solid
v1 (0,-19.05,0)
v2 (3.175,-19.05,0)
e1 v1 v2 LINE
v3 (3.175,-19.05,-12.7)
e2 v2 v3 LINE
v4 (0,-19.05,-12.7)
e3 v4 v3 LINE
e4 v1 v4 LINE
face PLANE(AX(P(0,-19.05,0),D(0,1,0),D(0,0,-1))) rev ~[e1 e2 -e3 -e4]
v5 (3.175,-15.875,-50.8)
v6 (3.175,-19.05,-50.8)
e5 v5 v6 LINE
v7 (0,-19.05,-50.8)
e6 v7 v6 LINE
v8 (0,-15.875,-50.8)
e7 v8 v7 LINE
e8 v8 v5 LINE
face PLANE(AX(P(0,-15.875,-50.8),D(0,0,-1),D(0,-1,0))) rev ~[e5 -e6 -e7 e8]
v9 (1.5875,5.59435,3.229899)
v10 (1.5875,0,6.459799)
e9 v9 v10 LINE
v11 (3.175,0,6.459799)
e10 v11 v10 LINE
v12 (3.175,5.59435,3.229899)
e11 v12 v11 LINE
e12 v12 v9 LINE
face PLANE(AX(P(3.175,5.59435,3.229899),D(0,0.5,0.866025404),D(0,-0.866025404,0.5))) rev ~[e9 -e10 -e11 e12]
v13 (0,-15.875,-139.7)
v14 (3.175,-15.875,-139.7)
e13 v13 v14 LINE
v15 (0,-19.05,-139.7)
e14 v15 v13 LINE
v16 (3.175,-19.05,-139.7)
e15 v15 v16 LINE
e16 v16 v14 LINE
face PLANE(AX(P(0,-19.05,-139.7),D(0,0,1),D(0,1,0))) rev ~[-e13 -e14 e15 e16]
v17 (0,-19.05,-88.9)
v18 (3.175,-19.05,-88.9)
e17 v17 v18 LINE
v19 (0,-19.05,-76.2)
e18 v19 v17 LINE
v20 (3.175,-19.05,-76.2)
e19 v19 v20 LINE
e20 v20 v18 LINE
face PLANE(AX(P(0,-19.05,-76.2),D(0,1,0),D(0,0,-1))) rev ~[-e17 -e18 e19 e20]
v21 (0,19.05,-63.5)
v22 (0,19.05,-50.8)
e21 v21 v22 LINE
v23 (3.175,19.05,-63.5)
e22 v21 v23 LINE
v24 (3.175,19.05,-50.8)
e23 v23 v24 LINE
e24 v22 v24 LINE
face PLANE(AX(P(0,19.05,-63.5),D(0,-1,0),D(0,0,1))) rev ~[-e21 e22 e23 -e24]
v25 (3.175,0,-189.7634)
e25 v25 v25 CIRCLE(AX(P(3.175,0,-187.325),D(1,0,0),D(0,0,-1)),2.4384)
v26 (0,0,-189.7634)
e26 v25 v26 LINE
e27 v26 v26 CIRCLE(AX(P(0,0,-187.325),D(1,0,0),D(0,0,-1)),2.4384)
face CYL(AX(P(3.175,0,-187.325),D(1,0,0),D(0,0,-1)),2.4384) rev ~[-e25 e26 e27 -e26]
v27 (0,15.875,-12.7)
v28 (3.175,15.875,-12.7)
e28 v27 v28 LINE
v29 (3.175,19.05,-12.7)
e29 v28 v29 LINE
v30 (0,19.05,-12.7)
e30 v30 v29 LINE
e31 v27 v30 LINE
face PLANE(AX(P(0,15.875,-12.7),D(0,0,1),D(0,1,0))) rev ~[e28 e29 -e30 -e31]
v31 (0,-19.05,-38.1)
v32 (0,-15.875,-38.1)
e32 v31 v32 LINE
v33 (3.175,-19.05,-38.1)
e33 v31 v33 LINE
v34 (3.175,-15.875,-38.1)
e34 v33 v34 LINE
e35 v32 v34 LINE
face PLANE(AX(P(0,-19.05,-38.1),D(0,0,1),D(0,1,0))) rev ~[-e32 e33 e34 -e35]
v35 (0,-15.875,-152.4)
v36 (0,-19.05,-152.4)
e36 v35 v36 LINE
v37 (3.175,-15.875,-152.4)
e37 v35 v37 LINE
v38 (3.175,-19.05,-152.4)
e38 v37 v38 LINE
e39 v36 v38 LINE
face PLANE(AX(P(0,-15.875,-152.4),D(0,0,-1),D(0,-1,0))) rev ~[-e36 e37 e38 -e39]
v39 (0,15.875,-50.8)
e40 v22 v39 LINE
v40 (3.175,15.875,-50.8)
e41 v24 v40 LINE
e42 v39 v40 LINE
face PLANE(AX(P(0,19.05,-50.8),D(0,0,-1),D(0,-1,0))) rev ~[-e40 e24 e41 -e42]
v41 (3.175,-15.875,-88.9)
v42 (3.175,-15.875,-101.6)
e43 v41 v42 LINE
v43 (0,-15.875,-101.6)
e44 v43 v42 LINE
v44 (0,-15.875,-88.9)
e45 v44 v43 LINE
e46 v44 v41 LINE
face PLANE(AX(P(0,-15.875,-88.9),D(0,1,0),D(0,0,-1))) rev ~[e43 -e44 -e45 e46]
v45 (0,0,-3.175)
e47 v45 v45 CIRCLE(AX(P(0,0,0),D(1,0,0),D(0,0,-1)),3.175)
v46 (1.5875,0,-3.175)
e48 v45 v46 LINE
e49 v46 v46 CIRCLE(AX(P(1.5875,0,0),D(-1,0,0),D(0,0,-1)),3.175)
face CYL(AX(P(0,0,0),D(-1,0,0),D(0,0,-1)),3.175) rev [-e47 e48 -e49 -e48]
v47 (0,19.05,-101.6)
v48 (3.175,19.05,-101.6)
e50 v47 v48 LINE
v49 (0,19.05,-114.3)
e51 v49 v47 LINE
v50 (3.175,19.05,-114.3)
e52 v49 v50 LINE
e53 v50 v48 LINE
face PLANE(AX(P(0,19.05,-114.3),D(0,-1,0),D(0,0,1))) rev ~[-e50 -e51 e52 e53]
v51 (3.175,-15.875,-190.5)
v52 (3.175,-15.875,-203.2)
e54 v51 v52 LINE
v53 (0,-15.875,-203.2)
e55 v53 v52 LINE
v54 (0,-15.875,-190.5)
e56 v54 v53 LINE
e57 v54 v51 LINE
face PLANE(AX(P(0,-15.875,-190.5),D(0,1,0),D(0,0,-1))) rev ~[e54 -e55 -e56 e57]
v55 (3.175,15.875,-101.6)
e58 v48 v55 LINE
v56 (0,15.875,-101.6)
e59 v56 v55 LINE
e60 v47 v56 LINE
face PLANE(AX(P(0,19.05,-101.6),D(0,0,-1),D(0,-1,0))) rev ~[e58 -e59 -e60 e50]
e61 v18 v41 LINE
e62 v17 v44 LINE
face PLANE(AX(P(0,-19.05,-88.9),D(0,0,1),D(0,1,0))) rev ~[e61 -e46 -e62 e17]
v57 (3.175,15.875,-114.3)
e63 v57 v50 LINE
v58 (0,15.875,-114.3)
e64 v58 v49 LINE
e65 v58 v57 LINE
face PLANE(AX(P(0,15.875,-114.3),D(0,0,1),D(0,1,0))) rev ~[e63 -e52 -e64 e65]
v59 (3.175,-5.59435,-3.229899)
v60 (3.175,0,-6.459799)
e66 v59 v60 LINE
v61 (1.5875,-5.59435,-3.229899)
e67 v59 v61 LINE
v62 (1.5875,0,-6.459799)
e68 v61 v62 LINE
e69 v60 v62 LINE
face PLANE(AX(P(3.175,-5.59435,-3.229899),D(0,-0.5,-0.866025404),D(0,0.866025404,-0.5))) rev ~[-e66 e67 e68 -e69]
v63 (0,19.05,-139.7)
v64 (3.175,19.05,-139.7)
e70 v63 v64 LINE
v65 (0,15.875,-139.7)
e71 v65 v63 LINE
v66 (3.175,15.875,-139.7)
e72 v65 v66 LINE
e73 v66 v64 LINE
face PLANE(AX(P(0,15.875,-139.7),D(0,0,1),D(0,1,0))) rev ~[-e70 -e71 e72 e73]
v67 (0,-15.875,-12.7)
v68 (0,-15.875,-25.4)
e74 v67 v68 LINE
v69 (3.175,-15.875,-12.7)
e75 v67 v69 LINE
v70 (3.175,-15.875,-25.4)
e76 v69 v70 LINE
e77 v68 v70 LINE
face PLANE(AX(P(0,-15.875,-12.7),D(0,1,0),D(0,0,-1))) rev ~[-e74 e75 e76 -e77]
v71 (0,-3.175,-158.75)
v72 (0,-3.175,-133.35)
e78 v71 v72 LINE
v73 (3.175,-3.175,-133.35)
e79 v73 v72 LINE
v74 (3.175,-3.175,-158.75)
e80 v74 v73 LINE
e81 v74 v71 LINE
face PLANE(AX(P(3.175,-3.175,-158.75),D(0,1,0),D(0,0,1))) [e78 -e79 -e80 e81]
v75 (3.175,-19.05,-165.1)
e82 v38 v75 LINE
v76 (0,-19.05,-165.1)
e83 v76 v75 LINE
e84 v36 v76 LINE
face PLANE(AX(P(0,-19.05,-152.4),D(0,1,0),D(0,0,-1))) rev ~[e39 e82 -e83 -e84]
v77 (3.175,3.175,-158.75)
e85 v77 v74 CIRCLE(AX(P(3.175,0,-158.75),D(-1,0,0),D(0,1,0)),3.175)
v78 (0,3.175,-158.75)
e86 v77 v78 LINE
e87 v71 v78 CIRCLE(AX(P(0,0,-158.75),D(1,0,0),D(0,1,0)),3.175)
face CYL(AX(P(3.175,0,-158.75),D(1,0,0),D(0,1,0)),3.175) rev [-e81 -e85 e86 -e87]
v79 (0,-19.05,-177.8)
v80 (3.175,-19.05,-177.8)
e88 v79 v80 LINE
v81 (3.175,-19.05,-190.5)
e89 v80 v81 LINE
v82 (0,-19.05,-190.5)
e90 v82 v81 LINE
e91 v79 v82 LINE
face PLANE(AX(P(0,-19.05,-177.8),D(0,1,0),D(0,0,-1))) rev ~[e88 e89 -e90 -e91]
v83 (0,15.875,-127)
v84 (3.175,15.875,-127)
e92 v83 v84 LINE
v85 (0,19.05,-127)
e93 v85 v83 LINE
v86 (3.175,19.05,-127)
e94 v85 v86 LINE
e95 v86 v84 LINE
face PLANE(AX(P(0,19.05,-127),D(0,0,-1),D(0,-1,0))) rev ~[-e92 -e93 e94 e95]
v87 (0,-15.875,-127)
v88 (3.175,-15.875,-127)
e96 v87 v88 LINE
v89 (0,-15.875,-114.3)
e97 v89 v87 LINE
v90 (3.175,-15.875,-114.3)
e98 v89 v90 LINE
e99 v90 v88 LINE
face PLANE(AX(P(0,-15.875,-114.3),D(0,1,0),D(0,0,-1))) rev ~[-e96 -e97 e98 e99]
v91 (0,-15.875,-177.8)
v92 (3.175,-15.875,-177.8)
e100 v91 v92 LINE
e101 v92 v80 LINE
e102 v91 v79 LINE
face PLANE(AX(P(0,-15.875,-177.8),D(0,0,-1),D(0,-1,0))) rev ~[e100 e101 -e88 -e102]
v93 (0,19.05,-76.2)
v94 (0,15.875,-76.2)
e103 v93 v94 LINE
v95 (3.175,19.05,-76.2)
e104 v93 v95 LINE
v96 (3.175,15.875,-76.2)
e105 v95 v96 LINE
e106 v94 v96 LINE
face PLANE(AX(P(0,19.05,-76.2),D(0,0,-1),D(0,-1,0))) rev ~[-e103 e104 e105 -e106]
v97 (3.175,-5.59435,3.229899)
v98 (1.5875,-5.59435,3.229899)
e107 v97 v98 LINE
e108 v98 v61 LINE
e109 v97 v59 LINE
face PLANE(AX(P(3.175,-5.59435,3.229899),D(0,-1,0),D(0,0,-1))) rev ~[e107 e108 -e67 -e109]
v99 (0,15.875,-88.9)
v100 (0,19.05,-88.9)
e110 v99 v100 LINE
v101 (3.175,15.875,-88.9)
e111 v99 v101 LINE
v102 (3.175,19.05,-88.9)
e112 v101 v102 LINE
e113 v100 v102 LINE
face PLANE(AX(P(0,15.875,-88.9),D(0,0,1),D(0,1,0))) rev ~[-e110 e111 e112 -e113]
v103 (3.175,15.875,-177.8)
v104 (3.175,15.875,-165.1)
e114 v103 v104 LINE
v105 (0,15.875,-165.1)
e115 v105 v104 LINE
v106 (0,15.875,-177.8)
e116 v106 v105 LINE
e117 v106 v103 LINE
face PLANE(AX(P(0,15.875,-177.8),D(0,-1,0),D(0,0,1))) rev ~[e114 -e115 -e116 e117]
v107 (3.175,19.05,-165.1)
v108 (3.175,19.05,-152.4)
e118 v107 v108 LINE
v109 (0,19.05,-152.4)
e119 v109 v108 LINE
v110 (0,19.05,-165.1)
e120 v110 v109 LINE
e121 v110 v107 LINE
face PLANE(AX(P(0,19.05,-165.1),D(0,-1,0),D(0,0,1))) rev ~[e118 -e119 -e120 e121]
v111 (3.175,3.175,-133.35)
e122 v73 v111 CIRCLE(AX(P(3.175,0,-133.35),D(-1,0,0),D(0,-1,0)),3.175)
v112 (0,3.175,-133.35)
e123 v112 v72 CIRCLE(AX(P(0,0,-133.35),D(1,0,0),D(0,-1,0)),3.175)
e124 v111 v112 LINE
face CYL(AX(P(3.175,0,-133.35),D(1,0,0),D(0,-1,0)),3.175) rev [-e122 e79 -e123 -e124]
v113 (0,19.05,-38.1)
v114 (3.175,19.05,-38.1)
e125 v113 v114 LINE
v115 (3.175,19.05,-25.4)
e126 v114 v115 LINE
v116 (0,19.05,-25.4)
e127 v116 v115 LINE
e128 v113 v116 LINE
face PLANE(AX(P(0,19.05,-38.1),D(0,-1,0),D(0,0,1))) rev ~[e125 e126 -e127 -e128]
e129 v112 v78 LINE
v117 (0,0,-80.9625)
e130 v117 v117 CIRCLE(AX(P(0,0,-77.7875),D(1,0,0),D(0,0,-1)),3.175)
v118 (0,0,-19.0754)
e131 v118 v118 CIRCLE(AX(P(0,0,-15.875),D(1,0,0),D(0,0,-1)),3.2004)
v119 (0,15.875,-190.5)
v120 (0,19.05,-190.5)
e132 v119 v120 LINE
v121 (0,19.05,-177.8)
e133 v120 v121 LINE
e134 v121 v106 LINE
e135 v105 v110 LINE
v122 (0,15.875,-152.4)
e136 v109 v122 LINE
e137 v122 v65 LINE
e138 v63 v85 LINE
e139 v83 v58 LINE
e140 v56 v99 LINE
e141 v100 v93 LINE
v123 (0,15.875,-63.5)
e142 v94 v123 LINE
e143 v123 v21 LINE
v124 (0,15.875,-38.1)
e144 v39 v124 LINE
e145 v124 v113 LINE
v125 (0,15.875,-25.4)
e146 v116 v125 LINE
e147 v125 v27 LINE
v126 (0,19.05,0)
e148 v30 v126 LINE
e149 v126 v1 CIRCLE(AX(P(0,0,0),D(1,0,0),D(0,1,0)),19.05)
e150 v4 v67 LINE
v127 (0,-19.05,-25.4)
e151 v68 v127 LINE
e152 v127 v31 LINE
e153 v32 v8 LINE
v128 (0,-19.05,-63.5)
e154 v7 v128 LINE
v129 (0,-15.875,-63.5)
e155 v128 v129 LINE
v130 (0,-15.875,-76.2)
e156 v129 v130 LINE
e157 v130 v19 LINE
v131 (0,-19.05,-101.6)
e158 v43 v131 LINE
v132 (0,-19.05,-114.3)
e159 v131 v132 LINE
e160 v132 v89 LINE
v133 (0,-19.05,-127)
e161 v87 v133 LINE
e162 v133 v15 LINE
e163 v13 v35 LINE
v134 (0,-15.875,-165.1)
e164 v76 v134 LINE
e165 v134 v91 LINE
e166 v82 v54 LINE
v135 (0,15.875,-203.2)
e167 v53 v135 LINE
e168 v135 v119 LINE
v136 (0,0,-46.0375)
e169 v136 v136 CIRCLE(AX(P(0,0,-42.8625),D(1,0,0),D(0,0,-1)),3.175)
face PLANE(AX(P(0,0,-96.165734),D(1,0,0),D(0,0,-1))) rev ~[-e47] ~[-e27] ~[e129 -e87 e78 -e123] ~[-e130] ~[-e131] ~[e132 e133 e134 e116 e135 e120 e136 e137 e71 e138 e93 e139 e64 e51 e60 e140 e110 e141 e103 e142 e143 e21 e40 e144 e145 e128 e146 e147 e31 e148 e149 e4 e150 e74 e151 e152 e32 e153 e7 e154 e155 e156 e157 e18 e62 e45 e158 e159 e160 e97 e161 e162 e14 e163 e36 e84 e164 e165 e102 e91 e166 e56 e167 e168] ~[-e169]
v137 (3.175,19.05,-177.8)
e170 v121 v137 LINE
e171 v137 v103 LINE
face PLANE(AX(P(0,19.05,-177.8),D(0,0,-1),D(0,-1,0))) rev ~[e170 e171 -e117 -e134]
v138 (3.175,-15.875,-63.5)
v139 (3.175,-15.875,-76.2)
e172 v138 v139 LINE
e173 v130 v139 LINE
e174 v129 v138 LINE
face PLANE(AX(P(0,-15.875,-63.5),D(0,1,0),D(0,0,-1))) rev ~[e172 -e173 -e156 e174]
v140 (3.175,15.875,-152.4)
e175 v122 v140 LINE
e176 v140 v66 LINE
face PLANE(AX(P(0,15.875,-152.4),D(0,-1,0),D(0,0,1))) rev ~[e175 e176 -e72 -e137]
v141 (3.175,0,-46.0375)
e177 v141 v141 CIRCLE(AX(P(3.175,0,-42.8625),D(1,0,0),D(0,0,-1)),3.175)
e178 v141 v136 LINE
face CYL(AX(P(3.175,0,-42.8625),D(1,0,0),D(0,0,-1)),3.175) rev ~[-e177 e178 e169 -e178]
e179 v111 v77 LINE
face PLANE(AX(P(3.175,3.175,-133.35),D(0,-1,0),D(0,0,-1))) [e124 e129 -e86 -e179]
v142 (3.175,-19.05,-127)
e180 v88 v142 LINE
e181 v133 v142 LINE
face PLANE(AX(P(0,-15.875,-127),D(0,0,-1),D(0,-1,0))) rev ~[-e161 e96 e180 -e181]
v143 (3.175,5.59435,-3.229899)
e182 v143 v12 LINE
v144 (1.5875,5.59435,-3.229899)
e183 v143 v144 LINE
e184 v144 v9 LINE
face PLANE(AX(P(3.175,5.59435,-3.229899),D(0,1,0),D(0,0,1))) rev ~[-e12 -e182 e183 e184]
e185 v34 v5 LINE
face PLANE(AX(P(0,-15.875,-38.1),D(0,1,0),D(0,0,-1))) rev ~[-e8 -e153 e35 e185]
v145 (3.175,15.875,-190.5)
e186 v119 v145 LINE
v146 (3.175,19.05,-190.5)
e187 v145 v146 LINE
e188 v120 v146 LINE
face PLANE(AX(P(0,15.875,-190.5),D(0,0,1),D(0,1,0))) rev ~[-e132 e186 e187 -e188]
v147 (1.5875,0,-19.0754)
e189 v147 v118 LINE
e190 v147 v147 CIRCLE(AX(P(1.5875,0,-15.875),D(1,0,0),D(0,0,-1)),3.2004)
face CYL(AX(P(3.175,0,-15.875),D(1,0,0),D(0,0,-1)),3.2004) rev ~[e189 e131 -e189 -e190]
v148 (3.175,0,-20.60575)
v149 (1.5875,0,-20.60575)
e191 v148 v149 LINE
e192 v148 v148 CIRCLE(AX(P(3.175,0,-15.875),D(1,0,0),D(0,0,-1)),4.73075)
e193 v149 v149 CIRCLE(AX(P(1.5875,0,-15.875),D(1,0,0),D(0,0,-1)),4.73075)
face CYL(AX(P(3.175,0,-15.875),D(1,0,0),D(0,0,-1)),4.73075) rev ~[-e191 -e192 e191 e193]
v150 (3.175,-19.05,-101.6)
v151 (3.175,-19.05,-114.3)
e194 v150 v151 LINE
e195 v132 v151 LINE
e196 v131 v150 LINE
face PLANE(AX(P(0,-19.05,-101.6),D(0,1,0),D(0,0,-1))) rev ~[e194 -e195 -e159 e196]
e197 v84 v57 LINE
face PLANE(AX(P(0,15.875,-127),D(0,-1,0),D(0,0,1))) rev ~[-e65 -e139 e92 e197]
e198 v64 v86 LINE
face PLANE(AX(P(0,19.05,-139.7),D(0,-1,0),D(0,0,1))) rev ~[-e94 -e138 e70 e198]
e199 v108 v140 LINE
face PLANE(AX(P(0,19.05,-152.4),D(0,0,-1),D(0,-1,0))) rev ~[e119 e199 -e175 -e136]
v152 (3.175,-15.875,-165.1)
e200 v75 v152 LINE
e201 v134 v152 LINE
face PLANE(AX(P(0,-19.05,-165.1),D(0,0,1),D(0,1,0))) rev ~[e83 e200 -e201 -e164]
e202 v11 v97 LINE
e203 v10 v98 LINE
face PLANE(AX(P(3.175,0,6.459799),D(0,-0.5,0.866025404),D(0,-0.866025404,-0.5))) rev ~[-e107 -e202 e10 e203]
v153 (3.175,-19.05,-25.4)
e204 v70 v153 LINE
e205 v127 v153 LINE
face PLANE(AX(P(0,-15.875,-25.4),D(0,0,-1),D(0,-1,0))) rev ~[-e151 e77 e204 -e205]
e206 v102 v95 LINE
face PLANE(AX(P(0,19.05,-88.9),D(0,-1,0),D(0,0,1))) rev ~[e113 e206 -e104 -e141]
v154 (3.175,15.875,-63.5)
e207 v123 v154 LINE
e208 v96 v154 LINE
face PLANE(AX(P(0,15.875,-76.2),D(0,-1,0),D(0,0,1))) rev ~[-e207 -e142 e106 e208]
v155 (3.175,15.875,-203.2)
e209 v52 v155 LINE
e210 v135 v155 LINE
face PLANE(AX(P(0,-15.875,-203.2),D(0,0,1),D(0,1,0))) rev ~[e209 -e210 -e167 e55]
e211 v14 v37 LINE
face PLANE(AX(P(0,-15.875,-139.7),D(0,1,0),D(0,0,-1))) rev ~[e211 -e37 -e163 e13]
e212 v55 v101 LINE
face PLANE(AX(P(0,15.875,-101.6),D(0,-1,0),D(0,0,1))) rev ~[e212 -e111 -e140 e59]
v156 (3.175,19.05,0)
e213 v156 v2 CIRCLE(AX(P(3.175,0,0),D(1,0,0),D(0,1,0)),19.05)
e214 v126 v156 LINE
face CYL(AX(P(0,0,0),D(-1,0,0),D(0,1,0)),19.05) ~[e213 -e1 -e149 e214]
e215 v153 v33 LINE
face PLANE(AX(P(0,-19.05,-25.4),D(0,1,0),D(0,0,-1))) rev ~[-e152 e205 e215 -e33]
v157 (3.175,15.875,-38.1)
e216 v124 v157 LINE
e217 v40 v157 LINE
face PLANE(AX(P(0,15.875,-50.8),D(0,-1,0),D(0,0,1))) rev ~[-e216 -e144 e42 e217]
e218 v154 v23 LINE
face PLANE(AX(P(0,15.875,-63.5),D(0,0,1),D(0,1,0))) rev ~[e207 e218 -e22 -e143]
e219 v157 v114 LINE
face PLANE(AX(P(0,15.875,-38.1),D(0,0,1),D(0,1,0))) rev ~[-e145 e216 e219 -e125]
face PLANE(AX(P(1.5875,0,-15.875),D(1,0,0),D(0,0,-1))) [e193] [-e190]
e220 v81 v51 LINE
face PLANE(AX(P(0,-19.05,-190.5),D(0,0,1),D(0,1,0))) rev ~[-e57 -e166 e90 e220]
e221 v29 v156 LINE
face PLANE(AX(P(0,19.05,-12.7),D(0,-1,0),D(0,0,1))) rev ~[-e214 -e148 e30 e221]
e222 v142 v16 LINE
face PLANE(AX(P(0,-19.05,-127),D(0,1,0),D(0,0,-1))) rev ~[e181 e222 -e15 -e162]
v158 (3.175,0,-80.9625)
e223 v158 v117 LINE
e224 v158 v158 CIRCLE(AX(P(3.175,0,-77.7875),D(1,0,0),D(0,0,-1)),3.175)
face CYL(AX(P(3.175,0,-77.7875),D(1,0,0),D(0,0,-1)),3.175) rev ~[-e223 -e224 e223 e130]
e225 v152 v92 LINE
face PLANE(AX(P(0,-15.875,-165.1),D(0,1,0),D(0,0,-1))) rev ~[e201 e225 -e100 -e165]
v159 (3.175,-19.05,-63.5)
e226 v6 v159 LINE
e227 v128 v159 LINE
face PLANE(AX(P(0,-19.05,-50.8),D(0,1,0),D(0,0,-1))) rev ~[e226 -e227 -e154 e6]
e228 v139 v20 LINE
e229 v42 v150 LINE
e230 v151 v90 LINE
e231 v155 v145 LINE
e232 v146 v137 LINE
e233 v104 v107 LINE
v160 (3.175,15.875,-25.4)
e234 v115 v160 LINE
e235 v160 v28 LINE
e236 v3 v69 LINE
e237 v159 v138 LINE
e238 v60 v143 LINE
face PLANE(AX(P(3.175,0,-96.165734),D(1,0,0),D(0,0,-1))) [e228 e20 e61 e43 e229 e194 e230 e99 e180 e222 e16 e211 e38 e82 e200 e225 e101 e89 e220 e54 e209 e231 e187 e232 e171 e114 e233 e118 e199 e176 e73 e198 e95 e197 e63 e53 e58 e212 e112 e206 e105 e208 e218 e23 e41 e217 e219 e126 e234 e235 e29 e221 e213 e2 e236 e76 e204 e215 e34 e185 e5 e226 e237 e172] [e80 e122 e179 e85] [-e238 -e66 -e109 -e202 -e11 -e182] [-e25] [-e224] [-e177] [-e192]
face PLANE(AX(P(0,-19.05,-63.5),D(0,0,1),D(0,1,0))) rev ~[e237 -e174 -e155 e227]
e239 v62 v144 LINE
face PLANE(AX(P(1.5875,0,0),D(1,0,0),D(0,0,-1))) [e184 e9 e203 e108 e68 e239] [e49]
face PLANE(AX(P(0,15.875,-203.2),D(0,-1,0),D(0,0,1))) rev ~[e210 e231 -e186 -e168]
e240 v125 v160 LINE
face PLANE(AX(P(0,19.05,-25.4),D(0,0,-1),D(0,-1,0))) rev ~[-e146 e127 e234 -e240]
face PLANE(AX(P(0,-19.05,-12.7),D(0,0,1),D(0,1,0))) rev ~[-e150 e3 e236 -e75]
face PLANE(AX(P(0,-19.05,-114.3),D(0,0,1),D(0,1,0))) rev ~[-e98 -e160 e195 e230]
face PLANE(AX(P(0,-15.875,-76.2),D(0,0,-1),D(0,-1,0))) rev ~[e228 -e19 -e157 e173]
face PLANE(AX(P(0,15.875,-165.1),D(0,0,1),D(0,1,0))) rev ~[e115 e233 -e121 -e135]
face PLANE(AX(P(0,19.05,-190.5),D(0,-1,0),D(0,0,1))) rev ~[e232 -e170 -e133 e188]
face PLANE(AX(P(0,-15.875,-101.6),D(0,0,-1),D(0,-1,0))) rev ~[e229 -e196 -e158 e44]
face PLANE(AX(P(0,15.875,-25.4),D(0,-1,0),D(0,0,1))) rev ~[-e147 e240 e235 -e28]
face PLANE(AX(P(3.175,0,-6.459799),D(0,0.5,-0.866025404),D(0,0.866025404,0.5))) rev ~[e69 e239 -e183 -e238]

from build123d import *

# Parameters (mm, degrees)
SKETCH1_R           = 3.175
BOSS_EXTRUDE1_DEPTH = 3.175
SKETCH2_R           = 3.2004
SKETCH2_R_2         = 2.4384
SKETCH2_R_3         = 3.175
CUT_EXTRUDE2_DEPTH  = 205.115710138
SKETCH3_R           = 4.73075
CUT_EXTRUDE3_DEPTH  = 1.5875
CUT_EXTRUDE4_DEPTH  = 205.115710138


with BuildPart() as part:
    # Sketch1 → Boss-Extrude1 (new body)
    with BuildSketch(Plane(origin=(0, 0, 0), x_dir=(0, 0, -1), z_dir=(1, 0, 0))):
        with BuildLine():
            Line((12.7, 19.05), (0, 19.05))
            ThreePointArc((0, 19.05), (-19.05, 0), (0, -19.05))
            Line((0, -19.05), (12.7, -19.05))
            Line((12.7, -19.05), (12.7, -15.875))
            Line((12.7, -15.875), (25.4, -15.875))
            Line((25.4, -15.875), (25.4, -19.05))
            Line((25.4, -19.05), (38.1, -19.05))
            Line((38.1, -19.05), (38.1, -15.875))
            Line((38.1, -15.875), (50.8, -15.875))
            Line((50.8, -15.875), (50.8, -19.05))
            Line((50.8, -19.05), (63.5, -19.05))
            Line((63.5, -19.05), (63.5, -15.875))
            Line((63.5, -15.875), (76.2, -15.875))
            Line((76.2, -15.875), (76.2, -19.05))
            Line((76.2, -19.05), (88.9, -19.05))
            Line((88.9, -19.05), (88.9, -15.875))
            Line((88.9, -15.875), (101.6, -15.875))
            Line((101.6, -15.875), (101.6, -19.05))
            Line((101.6, -19.05), (114.3, -19.05))
            Line((114.3, -19.05), (114.3, -15.875))
            Line((114.3, -15.875), (127, -15.875))
            Line((127, -15.875), (127, -19.05))
            Line((127, -19.05), (139.7, -19.05))
            Line((139.7, -19.05), (139.7, -15.875))
            Line((139.7, -15.875), (152.4, -15.875))
            Line((152.4, -15.875), (152.4, -19.05))
            Line((152.4, -19.05), (165.1, -19.05))
            Line((165.1, -19.05), (165.1, -15.875))
            Line((165.1, -15.875), (177.8, -15.875))
            Line((177.8, -15.875), (177.8, -19.05))
            Line((177.8, -19.05), (190.5, -19.05))
            Line((190.5, -19.05), (190.5, -15.875))
            Line((190.5, -15.875), (203.2, -15.875))
            Line((203.2, -15.875), (203.2, 15.875))
            Line((203.2, 15.875), (190.5, 15.875))
            Line((190.5, 15.875), (190.5, 19.05))
            Line((190.5, 19.05), (177.8, 19.05))
            Line((177.8, 19.05), (177.8, 15.875))
            Line((177.8, 15.875), (165.1, 15.875))
            Line((165.1, 15.875), (165.1, 19.05))
            Line((165.1, 19.05), (152.4, 19.05))
            Line((152.4, 19.05), (152.4, 15.875))
            Line((152.4, 15.875), (139.7, 15.875))
            Line((139.7, 15.875), (139.7, 19.05))
            Line((139.7, 19.05), (127, 19.05))
            Line((127, 19.05), (127, 15.875))
            Line((127, 15.875), (114.3, 15.875))
            Line((114.3, 15.875), (114.3, 19.05))
            Line((114.3, 19.05), (101.6, 19.05))
            Line((101.6, 19.05), (101.6, 15.875))
            Line((101.6, 15.875), (88.9, 15.875))
            Line((88.9, 15.875), (88.9, 19.05))
            Line((88.9, 19.05), (76.2, 19.05))
            Line((76.2, 19.05), (76.2, 15.875))
            Line((76.2, 15.875), (63.5, 15.875))
            Line((63.5, 15.875), (63.5, 19.05))
            Line((63.5, 19.05), (50.8, 19.05))
            Line((50.8, 19.05), (50.8, 15.875))
            Line((50.8, 15.875), (38.1, 15.875))
            Line((38.1, 15.875), (38.1, 19.05))
            Line((38.1, 19.05), (25.4, 19.05))
            Line((25.4, 19.05), (25.4, 15.875))
            Line((25.4, 15.875), (12.7, 15.875))
            Line((12.7, 15.875), (12.7, 19.05))
        make_face()
        Circle(SKETCH1_R, mode=Mode.SUBTRACT)
    extrude(amount=BOSS_EXTRUDE1_DEPTH)

    # Sketch2 → Cut-Extrude2 (cut, through all)
    with BuildSketch(Plane(origin=(3.175, 0, 0), x_dir=(0, 0, -1), z_dir=(1, 0, 0))):
        with Locations((15.875, 0)):
            Circle(SKETCH2_R)
        with Locations((187.325, 0)):
            Circle(SKETCH2_R_2)
        with Locations((42.8625, 0)):
            Circle(SKETCH2_R_3)
        with Locations((77.7875, 0)):
            Circle(SKETCH2_R_3)
    extrude(amount=-CUT_EXTRUDE2_DEPTH, mode=Mode.SUBTRACT)

    # Sketch3 → Cut-Extrude3 (cut)
    with BuildSketch(Plane(origin=(3.175, 0, 0), x_dir=(0, 0, -1), z_dir=(1, 0, 0))):
        with Locations((15.875, 0)):
            Circle(SKETCH3_R)
        Polygon((3.229899478, -5.59435), (6.459798957, 0), (3.229899478, 5.59435), (-3.229899478, 5.59435), (-6.459798957, 0), (-3.229899478, -5.59435), align=None)
    extrude(amount=-CUT_EXTRUDE3_DEPTH, mode=Mode.SUBTRACT)

    # Sketch4 → Cut-Extrude4 (cut, through all)
    with BuildSketch(Plane(origin=(3.175, 0, 0), x_dir=(0, 0, -1), z_dir=(1, 0, 0))):
        with BuildLine():
            Line((133.35, 3.175), (158.75, 3.175))
            ThreePointArc((158.75, 3.175), (161.925, 0), (158.75, -3.175))
            Line((158.75, -3.175), (133.35, -3.175))
            ThreePointArc((133.35, -3.175), (130.175, 0), (133.35, 3.175))
        make_face()
    extrude(amount=-CUT_EXTRUDE4_DEPTH, mode=Mode.SUBTRACT)


solid = part.part
